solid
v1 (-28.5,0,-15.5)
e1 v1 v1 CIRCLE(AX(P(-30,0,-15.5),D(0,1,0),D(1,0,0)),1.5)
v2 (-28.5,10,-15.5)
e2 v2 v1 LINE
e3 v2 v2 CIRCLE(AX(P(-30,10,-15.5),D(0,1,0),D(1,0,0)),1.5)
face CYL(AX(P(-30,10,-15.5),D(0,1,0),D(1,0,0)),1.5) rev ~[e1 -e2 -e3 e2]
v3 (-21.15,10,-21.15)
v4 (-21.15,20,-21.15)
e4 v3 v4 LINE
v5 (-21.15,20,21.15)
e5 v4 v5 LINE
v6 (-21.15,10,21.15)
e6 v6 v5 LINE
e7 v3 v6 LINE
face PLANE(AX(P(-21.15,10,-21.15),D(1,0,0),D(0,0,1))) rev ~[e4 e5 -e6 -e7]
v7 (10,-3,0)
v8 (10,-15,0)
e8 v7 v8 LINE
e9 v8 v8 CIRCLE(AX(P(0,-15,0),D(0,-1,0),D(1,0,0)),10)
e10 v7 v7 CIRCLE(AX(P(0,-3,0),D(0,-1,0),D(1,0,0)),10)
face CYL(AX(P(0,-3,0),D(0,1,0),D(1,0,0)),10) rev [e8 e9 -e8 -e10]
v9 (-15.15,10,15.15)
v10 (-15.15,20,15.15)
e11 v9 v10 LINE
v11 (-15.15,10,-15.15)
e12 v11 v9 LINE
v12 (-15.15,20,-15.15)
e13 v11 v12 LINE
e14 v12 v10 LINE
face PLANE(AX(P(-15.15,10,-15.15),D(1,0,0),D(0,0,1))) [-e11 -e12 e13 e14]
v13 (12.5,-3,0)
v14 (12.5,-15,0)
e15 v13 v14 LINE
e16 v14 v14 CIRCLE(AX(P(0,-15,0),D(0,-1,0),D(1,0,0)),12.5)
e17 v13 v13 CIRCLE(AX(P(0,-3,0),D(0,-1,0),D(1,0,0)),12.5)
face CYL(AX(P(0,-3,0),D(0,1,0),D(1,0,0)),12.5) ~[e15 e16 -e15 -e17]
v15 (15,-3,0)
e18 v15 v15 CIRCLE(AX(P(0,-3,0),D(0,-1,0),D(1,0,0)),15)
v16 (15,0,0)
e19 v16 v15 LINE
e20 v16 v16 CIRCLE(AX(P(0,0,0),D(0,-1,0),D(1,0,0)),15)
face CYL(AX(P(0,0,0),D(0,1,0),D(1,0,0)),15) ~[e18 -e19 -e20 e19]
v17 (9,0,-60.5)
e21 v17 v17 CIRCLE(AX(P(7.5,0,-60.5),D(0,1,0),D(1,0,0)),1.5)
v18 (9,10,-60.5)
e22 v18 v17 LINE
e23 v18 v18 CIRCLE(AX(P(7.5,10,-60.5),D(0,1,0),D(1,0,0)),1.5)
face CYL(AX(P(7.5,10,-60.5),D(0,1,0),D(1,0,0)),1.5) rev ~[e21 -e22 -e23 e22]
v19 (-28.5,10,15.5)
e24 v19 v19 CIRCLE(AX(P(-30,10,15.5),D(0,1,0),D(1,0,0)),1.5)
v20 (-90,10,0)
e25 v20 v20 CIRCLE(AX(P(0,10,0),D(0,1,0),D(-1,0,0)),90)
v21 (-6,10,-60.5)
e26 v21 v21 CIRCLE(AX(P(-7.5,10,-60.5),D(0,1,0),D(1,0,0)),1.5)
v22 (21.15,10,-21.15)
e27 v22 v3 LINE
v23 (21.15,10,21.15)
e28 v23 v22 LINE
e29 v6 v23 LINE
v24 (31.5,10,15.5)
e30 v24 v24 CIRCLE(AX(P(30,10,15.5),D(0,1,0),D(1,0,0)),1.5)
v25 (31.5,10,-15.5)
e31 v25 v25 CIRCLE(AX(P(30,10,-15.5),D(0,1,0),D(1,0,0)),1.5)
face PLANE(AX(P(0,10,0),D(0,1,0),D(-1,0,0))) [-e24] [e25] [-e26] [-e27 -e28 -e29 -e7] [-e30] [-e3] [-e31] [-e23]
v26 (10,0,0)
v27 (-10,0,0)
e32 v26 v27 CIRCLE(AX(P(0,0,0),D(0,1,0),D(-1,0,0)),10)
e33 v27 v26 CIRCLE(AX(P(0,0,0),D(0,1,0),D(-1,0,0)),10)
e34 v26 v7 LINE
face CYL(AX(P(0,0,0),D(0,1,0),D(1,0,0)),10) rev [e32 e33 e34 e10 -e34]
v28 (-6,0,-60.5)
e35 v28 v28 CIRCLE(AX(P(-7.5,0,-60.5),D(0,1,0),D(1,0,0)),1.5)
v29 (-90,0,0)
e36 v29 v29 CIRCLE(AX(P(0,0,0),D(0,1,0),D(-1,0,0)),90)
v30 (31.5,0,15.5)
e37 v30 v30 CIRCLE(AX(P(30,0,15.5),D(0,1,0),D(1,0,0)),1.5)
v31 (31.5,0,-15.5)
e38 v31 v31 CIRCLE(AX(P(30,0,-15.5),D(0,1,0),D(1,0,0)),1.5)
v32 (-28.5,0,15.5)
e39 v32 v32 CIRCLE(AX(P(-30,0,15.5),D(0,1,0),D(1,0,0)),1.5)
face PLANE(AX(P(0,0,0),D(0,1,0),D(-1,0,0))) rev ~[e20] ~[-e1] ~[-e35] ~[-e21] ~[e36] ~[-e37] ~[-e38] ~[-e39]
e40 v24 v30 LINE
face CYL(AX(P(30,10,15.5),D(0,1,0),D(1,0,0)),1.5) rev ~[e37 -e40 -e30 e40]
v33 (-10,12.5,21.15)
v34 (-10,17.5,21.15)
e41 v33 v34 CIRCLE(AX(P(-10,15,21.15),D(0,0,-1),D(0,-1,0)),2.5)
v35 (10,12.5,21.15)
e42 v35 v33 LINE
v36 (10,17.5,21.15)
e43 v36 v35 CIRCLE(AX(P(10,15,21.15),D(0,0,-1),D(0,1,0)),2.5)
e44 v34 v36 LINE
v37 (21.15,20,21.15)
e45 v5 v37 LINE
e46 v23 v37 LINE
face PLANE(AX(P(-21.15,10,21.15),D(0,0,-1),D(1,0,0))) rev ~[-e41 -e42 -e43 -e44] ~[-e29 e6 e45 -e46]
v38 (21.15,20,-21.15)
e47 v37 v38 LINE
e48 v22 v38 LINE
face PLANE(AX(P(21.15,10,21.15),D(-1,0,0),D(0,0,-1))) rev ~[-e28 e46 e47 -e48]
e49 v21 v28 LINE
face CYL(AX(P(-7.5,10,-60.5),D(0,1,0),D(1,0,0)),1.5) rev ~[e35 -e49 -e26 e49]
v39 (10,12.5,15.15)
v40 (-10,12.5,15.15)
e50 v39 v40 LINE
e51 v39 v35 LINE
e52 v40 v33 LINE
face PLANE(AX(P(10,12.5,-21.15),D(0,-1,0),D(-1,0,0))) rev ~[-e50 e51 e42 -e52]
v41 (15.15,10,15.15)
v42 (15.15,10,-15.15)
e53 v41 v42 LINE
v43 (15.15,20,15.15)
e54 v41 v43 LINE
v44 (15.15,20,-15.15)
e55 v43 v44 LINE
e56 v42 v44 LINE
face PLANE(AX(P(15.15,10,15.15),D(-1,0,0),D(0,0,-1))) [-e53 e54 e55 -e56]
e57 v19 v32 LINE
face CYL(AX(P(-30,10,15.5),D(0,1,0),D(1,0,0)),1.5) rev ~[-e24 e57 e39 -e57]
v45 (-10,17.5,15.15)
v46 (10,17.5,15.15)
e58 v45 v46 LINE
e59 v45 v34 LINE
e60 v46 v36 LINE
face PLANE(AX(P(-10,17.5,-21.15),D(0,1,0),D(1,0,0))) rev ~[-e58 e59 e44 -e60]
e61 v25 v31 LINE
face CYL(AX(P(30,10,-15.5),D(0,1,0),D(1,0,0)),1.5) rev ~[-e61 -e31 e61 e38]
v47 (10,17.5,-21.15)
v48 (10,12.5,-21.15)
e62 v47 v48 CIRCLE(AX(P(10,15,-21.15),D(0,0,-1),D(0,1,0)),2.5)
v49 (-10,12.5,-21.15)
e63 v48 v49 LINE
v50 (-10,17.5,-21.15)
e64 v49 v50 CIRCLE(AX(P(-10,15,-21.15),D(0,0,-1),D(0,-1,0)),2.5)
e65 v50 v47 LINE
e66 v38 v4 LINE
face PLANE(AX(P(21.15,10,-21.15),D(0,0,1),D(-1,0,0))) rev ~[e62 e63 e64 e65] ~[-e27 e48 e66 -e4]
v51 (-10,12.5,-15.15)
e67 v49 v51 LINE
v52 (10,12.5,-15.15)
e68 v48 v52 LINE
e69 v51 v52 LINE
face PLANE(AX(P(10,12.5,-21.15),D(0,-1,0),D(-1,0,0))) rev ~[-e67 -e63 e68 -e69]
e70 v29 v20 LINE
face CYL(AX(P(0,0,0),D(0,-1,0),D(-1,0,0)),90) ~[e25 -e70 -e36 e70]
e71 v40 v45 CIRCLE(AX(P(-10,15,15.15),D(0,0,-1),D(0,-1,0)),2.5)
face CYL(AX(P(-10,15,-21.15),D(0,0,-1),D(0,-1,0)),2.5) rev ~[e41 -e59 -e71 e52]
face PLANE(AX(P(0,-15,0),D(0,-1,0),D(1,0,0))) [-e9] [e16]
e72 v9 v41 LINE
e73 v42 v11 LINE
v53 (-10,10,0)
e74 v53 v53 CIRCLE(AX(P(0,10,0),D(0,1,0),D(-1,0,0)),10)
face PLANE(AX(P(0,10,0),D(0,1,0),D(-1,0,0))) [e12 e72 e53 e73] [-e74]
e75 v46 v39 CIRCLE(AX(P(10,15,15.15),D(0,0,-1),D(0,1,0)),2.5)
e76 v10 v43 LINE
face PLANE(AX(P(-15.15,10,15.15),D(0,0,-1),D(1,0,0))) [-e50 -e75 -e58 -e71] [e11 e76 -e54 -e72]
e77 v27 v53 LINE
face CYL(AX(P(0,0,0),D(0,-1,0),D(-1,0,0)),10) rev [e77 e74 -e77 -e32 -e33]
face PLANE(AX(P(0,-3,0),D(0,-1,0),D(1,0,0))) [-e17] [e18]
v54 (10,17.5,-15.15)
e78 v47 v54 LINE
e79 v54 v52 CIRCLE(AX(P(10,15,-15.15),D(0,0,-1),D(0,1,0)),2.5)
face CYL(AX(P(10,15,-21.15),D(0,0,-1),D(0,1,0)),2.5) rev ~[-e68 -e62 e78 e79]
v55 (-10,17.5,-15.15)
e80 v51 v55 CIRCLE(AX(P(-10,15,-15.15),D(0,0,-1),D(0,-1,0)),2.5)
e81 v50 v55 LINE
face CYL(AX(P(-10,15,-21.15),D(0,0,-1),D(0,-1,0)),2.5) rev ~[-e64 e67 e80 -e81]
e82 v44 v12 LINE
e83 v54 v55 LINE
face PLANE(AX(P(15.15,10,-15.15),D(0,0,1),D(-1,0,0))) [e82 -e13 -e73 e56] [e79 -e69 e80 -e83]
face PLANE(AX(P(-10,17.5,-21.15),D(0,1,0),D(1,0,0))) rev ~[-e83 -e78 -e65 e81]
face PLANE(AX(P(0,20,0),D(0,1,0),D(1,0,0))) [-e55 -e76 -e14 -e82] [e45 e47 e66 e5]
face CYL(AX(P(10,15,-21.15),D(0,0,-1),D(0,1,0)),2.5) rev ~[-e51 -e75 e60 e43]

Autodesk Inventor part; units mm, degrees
ref_plane "YZ Plane" through (0, 0, 0) normal (1, 0, 0) x (0, 1, 0)
ref_plane "XZ Plane" through (0, 0, 0) normal (0, 1, 0) x (-1, 0, 0)
ref_plane "XY Plane" through (0, 0, 0) normal (0, 0, 1) x (1, 0, 0)
sketch "Sketch1" plane through (0, 0, 0) normal (0, 1, 0) x (-1, 0, 0)
  circle A0 centre (0, 0) radius 90
  line L0 (21.15, 21.15) -> (-21.15, 21.15) construction
  line L1 (-21.15, 21.15) -> (-21.15, -21.15) construction
  line L2 (-21.15, -21.15) -> (21.15, -21.15) construction
  line L3 (21.15, -21.15) -> (21.15, 21.15) construction
  line L4 (21.15, 21.15) -> (-21.15, -21.15) construction
  line L5 (-21.15, 21.15) -> (21.15, -21.15) construction
  circle A1 centre (0, 0) radius 10
  dimension "d0" = 180
  dimension "d1" = 42.3
  dimension "d2" = 42.3
  dimension "d3" = 20
extrude "Extrusion1" add sketch "Sketch1" along normal blind 10
sketch "Sketch2" plane through (0, 0, 0) normal (0, -1, 0) x (1, 0, 0)
  circle A0 centre (0, 0) radius 15
  circle A1 centre (0, 0) radius 10
  dimension "d6" = 30
  dimension "d7" = 20
extrude "Extrusion2" add sketch "Sketch2" along normal blind 3
sketch "Sketch3" plane through (0, -3, 0) normal (0, -1, 0) x (1, 0, 0)
  circle A0 centre (0, 0) radius 10
  circle A1 centre (0, 0) radius 12.5
  dimension "d10" = 25
  dimension "d11" = 20
extrude "Extrusion3" add sketch "Sketch3" along normal blind 12
sketch "Sketch4" plane through (0, 10, 0) normal (0, 1, 0) x (1, 0, 0)
  line L0 (-21.15, -21.15) -> (21.15, -21.15)
  line L1 (21.15, -21.15) -> (21.15, 21.15)
  line L2 (21.15, 21.15) -> (-21.15, 21.15)
  line L3 (-21.15, 21.15) -> (-21.15, -21.15)
  line L4 (-21.15, -21.15) -> (21.15, 21.15) construction
  line L5 (21.15, -21.15) -> (-21.15, 21.15) construction
  line L6 (-15.15, -15.15) -> (15.15, -15.15)
  line L7 (15.15, -15.15) -> (15.15, 15.15)
  line L8 (15.15, 15.15) -> (-15.15, 15.15)
  line L9 (-15.15, 15.15) -> (-15.15, -15.15)
  line L10 (-15.15, -15.15) -> (15.15, 15.15) construction
  line L11 (15.15, -15.15) -> (-15.15, 15.15) construction
  point P0 (0, 0)
  dimension "d14" = 42.3
  dimension "d15" = 42.3
  dimension "d16" = 6
extrude "Extrusion4" add sketch "Sketch4" along normal blind 10
sketch "Sketch5" plane through (21.15, 10, -21.15) normal (0, 0, -1) x (-1, 0, 0)
  line L0 (11.15, 5) -> (31.15, 5) construction
  line L1 (11.15, 2.5) -> (31.15, 2.5)
  line L2 (31.15, 7.5) -> (11.15, 7.5)
  arc A0 (11.15, 7.5) -> (11.15, 2.5) centre (11.15, 5) ccw
  arc A1 (31.15, 2.5) -> (31.15, 7.5) centre (31.15, 5) ccw
  line L3 (0, 10) -> (42.3, 10) projected
  point P0 (21.15, -10)
  point P1 (21.15, 5)
  dimension "d19" = 5
  dimension "d20" = 20
  dimension "d21" = 2.5
extrude "Extrusion5" cut sketch "Sketch5" against normal through all
sketch "Sketch6" plane through (0, 10, 0) normal (0, 1, 0) x (1, 0, 0)
  circle A0 centre (-30, 15.5) radius 1.5
  line L0 (0, 0) -> (41.4965, 0) construction
  line L1 (0, 0) -> (0, 38.6106) construction
  circle A1 centre (30, 15.5) radius 1.5
  circle A2 centre (-30, -15.5) radius 1.5
  circle A3 centre (30, -15.5) radius 1.5
  line L2 (-9.5, 62.5) -> (9.5, 62.5) construction
  line L3 (9.5, 62.5) -> (9.5, 47.5) construction
  line L4 (9.5, 47.5) -> (-9.5, 47.5) construction
  line L5 (-9.5, 47.5) -> (-9.5, 62.5) construction
  line L6 (-9.5, 62.5) -> (9.5, 47.5) construction
  line L7 (9.5, 62.5) -> (-9.5, 47.5) construction
  circle A4 centre (-7.5, 60.5) radius 1.5
  circle A5 centre (7.5, 60.5) radius 1.5
  point P0 (0, 55)
  dimension "d24" = 3
  dimension "d25" = 30
  dimension "d26" = 15.5
  dimension "d29" = 60
  dimension "d32" = 31
  dimension "d35" = 15
  dimension "d36" = 19
  dimension "d37" = 55
  dimension "d38" = 2
  dimension "d39" = 2
  dimension "d40" = 3
extrude "Extrusion6" cut sketch "Sketch6" against normal through all
equation "\"d2\" = d1"
equation "\"d15\" = d14"
properties part number "Satellite_plate_3DPrint"
